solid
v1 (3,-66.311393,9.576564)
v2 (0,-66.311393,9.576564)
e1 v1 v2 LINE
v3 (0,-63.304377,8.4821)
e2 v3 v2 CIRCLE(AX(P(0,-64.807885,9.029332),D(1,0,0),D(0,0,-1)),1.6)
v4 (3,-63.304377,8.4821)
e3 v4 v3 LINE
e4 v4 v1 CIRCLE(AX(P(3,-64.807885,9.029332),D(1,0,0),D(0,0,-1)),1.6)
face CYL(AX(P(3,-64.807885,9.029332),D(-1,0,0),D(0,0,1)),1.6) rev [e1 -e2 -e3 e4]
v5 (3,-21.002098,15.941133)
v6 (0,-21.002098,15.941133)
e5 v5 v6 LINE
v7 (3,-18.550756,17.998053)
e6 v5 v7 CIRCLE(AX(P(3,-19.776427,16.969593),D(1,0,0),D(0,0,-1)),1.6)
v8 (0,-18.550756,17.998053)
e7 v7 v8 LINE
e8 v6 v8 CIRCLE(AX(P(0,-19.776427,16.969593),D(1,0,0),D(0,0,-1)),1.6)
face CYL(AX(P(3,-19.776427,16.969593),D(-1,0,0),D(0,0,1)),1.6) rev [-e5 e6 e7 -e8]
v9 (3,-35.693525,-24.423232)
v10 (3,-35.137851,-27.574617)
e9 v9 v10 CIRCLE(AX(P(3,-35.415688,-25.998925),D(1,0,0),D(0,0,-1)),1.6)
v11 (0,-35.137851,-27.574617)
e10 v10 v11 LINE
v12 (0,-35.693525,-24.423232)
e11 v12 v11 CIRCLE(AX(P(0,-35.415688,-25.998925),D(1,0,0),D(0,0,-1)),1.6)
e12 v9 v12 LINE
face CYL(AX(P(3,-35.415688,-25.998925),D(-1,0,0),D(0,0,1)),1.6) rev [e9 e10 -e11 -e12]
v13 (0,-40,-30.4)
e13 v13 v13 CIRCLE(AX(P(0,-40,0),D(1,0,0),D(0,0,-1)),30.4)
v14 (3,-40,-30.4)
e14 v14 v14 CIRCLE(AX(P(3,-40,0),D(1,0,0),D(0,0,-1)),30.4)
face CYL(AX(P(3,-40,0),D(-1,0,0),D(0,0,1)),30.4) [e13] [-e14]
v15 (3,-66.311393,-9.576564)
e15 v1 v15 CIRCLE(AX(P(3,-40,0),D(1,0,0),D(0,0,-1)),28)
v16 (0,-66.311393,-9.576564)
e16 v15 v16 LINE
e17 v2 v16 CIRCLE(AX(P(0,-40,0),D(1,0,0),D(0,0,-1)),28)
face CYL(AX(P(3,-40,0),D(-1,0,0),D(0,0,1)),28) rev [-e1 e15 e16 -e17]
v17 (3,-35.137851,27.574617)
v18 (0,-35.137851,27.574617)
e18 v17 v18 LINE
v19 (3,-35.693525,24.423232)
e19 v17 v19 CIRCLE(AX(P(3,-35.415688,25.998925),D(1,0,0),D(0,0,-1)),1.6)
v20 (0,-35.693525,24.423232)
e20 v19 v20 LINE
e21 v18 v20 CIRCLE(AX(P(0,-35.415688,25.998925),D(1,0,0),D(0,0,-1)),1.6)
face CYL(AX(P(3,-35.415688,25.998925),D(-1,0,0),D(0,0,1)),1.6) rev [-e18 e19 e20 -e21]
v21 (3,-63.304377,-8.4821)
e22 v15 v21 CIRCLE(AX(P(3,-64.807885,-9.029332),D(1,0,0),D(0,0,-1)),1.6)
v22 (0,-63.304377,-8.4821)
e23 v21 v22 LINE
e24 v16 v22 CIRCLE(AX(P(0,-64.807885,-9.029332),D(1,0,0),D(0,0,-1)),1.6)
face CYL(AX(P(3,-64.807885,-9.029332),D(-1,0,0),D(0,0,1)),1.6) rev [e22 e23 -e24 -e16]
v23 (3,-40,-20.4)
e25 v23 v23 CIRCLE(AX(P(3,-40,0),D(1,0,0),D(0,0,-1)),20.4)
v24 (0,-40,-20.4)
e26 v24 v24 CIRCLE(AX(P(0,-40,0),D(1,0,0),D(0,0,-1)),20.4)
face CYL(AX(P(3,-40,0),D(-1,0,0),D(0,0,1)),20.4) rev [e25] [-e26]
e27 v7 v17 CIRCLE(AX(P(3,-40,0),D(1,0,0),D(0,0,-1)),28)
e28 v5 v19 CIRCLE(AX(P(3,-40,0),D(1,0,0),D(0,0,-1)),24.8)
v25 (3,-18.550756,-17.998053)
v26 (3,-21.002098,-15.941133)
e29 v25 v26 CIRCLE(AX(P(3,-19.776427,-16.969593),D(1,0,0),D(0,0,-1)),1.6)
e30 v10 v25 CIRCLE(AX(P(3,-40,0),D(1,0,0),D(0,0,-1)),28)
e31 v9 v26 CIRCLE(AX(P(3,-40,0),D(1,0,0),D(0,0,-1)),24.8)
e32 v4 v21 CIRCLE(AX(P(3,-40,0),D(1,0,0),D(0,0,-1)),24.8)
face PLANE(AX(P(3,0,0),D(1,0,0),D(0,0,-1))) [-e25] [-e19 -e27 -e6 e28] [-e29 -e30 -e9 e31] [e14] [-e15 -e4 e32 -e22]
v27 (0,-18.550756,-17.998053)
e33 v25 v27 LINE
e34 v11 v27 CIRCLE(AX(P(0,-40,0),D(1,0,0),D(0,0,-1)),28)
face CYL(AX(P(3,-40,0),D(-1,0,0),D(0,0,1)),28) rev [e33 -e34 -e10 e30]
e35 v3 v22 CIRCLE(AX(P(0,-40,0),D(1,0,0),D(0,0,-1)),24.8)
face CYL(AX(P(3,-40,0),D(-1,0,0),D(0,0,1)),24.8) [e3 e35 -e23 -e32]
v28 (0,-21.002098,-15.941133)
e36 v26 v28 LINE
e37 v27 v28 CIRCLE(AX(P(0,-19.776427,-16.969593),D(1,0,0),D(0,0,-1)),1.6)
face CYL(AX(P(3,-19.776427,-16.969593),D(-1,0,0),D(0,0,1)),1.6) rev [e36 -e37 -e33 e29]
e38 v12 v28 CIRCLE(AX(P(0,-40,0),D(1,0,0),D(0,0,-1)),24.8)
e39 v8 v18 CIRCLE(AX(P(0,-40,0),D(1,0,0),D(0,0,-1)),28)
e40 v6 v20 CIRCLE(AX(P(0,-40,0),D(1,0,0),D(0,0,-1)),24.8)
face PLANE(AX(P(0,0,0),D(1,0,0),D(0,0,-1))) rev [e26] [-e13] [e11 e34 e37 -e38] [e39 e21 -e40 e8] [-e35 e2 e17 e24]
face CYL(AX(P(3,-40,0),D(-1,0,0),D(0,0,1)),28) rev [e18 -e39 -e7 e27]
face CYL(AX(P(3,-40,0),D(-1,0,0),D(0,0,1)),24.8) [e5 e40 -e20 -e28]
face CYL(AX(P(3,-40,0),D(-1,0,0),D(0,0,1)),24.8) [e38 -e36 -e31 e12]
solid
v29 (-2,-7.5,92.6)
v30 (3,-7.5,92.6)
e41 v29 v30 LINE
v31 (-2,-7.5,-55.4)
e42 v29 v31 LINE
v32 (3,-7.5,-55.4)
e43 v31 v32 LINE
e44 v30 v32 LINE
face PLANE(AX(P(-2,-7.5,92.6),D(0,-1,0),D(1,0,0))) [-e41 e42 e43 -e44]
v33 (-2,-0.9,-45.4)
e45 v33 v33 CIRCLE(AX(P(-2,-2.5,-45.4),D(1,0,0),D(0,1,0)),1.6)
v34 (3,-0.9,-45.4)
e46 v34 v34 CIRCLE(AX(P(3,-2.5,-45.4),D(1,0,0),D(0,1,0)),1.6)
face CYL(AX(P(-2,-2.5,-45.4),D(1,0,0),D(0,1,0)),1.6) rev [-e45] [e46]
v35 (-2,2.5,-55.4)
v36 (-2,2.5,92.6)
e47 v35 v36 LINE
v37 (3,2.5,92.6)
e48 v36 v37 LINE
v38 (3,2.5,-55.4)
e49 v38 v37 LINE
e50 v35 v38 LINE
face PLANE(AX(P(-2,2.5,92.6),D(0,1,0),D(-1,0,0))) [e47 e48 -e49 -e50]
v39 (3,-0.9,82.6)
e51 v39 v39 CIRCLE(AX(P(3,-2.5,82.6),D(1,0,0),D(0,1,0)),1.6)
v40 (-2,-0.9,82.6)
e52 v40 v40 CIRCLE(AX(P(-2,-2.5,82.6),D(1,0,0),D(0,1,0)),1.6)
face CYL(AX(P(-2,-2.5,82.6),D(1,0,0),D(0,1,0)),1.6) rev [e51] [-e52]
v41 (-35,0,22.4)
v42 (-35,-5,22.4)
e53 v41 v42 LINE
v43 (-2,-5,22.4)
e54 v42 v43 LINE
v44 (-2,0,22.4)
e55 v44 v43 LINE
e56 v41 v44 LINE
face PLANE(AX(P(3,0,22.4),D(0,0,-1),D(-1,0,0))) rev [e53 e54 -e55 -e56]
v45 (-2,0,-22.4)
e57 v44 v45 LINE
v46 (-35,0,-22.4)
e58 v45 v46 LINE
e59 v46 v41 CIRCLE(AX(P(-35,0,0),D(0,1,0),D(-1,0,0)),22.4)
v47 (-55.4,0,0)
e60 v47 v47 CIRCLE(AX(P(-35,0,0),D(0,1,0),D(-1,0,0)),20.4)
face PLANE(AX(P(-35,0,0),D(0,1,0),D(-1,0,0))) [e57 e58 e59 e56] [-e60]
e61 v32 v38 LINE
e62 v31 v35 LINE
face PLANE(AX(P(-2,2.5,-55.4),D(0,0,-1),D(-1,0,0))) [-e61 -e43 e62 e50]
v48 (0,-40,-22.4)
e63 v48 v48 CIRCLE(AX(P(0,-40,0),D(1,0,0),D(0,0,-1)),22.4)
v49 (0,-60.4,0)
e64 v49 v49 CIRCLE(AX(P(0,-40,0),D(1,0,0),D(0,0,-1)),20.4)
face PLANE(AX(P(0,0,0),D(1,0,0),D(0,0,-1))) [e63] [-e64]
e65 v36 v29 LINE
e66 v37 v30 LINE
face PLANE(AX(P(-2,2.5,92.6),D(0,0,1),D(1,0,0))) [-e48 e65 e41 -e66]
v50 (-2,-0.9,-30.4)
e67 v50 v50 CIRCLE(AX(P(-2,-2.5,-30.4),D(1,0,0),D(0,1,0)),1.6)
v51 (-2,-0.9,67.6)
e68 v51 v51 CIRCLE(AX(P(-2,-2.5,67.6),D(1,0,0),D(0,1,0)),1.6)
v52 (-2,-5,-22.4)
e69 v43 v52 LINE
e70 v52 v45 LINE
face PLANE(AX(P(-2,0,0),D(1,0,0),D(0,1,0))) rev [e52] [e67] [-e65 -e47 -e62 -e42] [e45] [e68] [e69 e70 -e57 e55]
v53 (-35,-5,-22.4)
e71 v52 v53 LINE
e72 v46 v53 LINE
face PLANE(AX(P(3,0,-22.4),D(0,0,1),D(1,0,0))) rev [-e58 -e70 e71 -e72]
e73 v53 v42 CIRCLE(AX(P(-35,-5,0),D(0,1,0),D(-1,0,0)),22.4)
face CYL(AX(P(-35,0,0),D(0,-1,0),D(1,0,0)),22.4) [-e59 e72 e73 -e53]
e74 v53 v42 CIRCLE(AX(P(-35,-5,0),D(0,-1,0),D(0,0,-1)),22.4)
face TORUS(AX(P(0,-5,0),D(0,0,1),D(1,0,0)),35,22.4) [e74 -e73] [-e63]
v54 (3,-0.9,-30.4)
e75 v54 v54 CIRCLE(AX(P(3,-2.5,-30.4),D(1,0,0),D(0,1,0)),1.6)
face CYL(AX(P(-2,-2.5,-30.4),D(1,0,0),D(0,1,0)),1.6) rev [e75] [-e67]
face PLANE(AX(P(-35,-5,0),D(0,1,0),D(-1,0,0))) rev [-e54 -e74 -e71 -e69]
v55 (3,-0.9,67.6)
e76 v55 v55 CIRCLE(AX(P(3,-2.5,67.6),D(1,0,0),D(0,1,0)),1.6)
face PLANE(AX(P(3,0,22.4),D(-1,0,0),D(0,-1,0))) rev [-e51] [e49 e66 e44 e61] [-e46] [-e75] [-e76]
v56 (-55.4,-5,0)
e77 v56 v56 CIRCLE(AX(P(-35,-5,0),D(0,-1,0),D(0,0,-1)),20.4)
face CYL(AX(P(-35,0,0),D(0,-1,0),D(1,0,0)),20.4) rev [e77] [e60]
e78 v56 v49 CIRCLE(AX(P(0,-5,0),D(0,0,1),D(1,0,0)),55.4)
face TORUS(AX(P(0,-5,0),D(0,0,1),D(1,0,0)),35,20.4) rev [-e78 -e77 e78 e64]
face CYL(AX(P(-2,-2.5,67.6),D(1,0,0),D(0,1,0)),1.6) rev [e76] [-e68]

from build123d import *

# Parameters (mm, degrees)
SKETCH1_R           = 22.4
SKETCH1_R_2         = 20.4
REVOLVE1_ANGLE      = 90
SKETCH1_194_R       = 30.4
SKETCH1_194_R_2     = 20.4
BOSS_EXTRUDE1_DEPTH = 3
SKETCH4_R           = 20.4
BOSS_EXTRUDE3_DEPTH = 5
SKETCH5_W           = 148
SKETCH5_H           = 10
SKETCH5_R           = 1.6
BOSS_EXTRUDE4_DEPTH = 5


with BuildPart() as part:
    # Sketch1 → Revolve1 (revolve)
    with BuildSketch(Plane(origin=(0, 0, 0), x_dir=(0, 0, -1), z_dir=(1, 0, 0))):
        with Locations((0, -40)):
            Circle(SKETCH1_R)
        with Locations((0, -40)):
            Circle(SKETCH1_R_2, mode=Mode.SUBTRACT)
    revolve(axis=Axis((0, -5, 90.771329453), (0, 0, -1)), revolution_arc=REVOLVE1_ANGLE)

    # Sketch4 → Boss-Extrude3 (add)
    with BuildSketch(Plane(origin=(0, -5, 0), x_dir=(1, 0, 0), z_dir=(0, 1, 0))):
        with BuildLine():
            Line((3, -22.4), (3, 22.4))
            Line((3, 22.4), (-35, 22.4))
            ThreePointArc((-35, 22.4), (-57.4, 0), (-35, -22.4))
            Line((-35, -22.4), (3, -22.4))
        make_face()
        with Locations((-35, 0)):
            Circle(SKETCH4_R, mode=Mode.SUBTRACT)
    extrude(amount=BOSS_EXTRUDE3_DEPTH)

    # Sketch5 → Boss-Extrude4 (add)
    with BuildSketch(Plane(origin=(3, 0, 0), x_dir=(0, 0, -1), z_dir=(1, 0, 0))):
        with Locations((-18.6, -2.5)):
            Rectangle(SKETCH5_W, SKETCH5_H)
        with Locations((30.4, -2.5)):
            Circle(SKETCH5_R, mode=Mode.SUBTRACT)
        with Locations((45.4, -2.5)):
            Circle(SKETCH5_R, mode=Mode.SUBTRACT)
        with Locations((-82.6, -2.5)):
            Circle(SKETCH5_R, mode=Mode.SUBTRACT)
        with Locations((-67.6, -2.5)):
            Circle(SKETCH5_R, mode=Mode.SUBTRACT)
    extrude(amount=-BOSS_EXTRUDE4_DEPTH)


with BuildPart() as body_2:
    # Sketch1<194> → Boss-Extrude1 (new body)
    with BuildSketch(Plane(origin=(0, 0, 0), x_dir=(0, 0, -1), z_dir=(1, 0, 0))):
        with Locations((0, -40)):
            Circle(SKETCH1_194_R)
        with Locations((0, -40)):
            Circle(SKETCH1_194_R_2, mode=Mode.SUBTRACT)
        with BuildLine():
            ThreePointArc((9.576564013, -66.311393382), (0, -68), (-9.576564013, -66.311393382))
            ThreePointArc((-9.576564013, -66.311393382), (-10.532839977, -64.260652959), (-8.482099554, -63.304376995))
            ThreePointArc((-8.482099554, -63.304376995), (0, -64.8), (8.482099554, -63.304376995))
            ThreePointArc((8.482099554, -63.304376995), (10.532839977, -64.260652959), (9.576564013, -66.311393382))
        make_face(mode=Mode.SUBTRACT)
        with BuildLine():
            ThreePointArc((27.574617084, -35.137851025), (26.276761764, -36.991380514), (24.423232275, -35.693525194))
            ThreePointArc((24.423232275, -35.693525194), (21.477430014, -27.6), (15.94113272, -21.002097811))
            ThreePointArc((15.94113272, -21.002097811), (15.743921787, -18.747966526), (17.998053071, -18.550755593))
            ThreePointArc((17.998053071, -18.550755593), (24.248711306, -26), (27.574617084, -35.137851025))
        make_face(mode=Mode.SUBTRACT)
        with BuildLine():
            ThreePointArc((-27.574617084, -35.137851025), (-24.248711306, -26), (-17.998053071, -18.550755593))
            ThreePointArc((-17.998053071, -18.550755593), (-15.743921787, -18.747966526), (-15.94113272, -21.002097811))
            ThreePointArc((-15.94113272, -21.002097811), (-21.477430014, -27.6), (-24.423232275, -35.693525194))
            ThreePointArc((-24.423232275, -35.693525194), (-26.276761764, -36.991380514), (-27.574617084, -35.137851025))
        make_face(mode=Mode.SUBTRACT)
    extrude(amount=BOSS_EXTRUDE1_DEPTH)


solid = Compound([part.part, body_2.part])
